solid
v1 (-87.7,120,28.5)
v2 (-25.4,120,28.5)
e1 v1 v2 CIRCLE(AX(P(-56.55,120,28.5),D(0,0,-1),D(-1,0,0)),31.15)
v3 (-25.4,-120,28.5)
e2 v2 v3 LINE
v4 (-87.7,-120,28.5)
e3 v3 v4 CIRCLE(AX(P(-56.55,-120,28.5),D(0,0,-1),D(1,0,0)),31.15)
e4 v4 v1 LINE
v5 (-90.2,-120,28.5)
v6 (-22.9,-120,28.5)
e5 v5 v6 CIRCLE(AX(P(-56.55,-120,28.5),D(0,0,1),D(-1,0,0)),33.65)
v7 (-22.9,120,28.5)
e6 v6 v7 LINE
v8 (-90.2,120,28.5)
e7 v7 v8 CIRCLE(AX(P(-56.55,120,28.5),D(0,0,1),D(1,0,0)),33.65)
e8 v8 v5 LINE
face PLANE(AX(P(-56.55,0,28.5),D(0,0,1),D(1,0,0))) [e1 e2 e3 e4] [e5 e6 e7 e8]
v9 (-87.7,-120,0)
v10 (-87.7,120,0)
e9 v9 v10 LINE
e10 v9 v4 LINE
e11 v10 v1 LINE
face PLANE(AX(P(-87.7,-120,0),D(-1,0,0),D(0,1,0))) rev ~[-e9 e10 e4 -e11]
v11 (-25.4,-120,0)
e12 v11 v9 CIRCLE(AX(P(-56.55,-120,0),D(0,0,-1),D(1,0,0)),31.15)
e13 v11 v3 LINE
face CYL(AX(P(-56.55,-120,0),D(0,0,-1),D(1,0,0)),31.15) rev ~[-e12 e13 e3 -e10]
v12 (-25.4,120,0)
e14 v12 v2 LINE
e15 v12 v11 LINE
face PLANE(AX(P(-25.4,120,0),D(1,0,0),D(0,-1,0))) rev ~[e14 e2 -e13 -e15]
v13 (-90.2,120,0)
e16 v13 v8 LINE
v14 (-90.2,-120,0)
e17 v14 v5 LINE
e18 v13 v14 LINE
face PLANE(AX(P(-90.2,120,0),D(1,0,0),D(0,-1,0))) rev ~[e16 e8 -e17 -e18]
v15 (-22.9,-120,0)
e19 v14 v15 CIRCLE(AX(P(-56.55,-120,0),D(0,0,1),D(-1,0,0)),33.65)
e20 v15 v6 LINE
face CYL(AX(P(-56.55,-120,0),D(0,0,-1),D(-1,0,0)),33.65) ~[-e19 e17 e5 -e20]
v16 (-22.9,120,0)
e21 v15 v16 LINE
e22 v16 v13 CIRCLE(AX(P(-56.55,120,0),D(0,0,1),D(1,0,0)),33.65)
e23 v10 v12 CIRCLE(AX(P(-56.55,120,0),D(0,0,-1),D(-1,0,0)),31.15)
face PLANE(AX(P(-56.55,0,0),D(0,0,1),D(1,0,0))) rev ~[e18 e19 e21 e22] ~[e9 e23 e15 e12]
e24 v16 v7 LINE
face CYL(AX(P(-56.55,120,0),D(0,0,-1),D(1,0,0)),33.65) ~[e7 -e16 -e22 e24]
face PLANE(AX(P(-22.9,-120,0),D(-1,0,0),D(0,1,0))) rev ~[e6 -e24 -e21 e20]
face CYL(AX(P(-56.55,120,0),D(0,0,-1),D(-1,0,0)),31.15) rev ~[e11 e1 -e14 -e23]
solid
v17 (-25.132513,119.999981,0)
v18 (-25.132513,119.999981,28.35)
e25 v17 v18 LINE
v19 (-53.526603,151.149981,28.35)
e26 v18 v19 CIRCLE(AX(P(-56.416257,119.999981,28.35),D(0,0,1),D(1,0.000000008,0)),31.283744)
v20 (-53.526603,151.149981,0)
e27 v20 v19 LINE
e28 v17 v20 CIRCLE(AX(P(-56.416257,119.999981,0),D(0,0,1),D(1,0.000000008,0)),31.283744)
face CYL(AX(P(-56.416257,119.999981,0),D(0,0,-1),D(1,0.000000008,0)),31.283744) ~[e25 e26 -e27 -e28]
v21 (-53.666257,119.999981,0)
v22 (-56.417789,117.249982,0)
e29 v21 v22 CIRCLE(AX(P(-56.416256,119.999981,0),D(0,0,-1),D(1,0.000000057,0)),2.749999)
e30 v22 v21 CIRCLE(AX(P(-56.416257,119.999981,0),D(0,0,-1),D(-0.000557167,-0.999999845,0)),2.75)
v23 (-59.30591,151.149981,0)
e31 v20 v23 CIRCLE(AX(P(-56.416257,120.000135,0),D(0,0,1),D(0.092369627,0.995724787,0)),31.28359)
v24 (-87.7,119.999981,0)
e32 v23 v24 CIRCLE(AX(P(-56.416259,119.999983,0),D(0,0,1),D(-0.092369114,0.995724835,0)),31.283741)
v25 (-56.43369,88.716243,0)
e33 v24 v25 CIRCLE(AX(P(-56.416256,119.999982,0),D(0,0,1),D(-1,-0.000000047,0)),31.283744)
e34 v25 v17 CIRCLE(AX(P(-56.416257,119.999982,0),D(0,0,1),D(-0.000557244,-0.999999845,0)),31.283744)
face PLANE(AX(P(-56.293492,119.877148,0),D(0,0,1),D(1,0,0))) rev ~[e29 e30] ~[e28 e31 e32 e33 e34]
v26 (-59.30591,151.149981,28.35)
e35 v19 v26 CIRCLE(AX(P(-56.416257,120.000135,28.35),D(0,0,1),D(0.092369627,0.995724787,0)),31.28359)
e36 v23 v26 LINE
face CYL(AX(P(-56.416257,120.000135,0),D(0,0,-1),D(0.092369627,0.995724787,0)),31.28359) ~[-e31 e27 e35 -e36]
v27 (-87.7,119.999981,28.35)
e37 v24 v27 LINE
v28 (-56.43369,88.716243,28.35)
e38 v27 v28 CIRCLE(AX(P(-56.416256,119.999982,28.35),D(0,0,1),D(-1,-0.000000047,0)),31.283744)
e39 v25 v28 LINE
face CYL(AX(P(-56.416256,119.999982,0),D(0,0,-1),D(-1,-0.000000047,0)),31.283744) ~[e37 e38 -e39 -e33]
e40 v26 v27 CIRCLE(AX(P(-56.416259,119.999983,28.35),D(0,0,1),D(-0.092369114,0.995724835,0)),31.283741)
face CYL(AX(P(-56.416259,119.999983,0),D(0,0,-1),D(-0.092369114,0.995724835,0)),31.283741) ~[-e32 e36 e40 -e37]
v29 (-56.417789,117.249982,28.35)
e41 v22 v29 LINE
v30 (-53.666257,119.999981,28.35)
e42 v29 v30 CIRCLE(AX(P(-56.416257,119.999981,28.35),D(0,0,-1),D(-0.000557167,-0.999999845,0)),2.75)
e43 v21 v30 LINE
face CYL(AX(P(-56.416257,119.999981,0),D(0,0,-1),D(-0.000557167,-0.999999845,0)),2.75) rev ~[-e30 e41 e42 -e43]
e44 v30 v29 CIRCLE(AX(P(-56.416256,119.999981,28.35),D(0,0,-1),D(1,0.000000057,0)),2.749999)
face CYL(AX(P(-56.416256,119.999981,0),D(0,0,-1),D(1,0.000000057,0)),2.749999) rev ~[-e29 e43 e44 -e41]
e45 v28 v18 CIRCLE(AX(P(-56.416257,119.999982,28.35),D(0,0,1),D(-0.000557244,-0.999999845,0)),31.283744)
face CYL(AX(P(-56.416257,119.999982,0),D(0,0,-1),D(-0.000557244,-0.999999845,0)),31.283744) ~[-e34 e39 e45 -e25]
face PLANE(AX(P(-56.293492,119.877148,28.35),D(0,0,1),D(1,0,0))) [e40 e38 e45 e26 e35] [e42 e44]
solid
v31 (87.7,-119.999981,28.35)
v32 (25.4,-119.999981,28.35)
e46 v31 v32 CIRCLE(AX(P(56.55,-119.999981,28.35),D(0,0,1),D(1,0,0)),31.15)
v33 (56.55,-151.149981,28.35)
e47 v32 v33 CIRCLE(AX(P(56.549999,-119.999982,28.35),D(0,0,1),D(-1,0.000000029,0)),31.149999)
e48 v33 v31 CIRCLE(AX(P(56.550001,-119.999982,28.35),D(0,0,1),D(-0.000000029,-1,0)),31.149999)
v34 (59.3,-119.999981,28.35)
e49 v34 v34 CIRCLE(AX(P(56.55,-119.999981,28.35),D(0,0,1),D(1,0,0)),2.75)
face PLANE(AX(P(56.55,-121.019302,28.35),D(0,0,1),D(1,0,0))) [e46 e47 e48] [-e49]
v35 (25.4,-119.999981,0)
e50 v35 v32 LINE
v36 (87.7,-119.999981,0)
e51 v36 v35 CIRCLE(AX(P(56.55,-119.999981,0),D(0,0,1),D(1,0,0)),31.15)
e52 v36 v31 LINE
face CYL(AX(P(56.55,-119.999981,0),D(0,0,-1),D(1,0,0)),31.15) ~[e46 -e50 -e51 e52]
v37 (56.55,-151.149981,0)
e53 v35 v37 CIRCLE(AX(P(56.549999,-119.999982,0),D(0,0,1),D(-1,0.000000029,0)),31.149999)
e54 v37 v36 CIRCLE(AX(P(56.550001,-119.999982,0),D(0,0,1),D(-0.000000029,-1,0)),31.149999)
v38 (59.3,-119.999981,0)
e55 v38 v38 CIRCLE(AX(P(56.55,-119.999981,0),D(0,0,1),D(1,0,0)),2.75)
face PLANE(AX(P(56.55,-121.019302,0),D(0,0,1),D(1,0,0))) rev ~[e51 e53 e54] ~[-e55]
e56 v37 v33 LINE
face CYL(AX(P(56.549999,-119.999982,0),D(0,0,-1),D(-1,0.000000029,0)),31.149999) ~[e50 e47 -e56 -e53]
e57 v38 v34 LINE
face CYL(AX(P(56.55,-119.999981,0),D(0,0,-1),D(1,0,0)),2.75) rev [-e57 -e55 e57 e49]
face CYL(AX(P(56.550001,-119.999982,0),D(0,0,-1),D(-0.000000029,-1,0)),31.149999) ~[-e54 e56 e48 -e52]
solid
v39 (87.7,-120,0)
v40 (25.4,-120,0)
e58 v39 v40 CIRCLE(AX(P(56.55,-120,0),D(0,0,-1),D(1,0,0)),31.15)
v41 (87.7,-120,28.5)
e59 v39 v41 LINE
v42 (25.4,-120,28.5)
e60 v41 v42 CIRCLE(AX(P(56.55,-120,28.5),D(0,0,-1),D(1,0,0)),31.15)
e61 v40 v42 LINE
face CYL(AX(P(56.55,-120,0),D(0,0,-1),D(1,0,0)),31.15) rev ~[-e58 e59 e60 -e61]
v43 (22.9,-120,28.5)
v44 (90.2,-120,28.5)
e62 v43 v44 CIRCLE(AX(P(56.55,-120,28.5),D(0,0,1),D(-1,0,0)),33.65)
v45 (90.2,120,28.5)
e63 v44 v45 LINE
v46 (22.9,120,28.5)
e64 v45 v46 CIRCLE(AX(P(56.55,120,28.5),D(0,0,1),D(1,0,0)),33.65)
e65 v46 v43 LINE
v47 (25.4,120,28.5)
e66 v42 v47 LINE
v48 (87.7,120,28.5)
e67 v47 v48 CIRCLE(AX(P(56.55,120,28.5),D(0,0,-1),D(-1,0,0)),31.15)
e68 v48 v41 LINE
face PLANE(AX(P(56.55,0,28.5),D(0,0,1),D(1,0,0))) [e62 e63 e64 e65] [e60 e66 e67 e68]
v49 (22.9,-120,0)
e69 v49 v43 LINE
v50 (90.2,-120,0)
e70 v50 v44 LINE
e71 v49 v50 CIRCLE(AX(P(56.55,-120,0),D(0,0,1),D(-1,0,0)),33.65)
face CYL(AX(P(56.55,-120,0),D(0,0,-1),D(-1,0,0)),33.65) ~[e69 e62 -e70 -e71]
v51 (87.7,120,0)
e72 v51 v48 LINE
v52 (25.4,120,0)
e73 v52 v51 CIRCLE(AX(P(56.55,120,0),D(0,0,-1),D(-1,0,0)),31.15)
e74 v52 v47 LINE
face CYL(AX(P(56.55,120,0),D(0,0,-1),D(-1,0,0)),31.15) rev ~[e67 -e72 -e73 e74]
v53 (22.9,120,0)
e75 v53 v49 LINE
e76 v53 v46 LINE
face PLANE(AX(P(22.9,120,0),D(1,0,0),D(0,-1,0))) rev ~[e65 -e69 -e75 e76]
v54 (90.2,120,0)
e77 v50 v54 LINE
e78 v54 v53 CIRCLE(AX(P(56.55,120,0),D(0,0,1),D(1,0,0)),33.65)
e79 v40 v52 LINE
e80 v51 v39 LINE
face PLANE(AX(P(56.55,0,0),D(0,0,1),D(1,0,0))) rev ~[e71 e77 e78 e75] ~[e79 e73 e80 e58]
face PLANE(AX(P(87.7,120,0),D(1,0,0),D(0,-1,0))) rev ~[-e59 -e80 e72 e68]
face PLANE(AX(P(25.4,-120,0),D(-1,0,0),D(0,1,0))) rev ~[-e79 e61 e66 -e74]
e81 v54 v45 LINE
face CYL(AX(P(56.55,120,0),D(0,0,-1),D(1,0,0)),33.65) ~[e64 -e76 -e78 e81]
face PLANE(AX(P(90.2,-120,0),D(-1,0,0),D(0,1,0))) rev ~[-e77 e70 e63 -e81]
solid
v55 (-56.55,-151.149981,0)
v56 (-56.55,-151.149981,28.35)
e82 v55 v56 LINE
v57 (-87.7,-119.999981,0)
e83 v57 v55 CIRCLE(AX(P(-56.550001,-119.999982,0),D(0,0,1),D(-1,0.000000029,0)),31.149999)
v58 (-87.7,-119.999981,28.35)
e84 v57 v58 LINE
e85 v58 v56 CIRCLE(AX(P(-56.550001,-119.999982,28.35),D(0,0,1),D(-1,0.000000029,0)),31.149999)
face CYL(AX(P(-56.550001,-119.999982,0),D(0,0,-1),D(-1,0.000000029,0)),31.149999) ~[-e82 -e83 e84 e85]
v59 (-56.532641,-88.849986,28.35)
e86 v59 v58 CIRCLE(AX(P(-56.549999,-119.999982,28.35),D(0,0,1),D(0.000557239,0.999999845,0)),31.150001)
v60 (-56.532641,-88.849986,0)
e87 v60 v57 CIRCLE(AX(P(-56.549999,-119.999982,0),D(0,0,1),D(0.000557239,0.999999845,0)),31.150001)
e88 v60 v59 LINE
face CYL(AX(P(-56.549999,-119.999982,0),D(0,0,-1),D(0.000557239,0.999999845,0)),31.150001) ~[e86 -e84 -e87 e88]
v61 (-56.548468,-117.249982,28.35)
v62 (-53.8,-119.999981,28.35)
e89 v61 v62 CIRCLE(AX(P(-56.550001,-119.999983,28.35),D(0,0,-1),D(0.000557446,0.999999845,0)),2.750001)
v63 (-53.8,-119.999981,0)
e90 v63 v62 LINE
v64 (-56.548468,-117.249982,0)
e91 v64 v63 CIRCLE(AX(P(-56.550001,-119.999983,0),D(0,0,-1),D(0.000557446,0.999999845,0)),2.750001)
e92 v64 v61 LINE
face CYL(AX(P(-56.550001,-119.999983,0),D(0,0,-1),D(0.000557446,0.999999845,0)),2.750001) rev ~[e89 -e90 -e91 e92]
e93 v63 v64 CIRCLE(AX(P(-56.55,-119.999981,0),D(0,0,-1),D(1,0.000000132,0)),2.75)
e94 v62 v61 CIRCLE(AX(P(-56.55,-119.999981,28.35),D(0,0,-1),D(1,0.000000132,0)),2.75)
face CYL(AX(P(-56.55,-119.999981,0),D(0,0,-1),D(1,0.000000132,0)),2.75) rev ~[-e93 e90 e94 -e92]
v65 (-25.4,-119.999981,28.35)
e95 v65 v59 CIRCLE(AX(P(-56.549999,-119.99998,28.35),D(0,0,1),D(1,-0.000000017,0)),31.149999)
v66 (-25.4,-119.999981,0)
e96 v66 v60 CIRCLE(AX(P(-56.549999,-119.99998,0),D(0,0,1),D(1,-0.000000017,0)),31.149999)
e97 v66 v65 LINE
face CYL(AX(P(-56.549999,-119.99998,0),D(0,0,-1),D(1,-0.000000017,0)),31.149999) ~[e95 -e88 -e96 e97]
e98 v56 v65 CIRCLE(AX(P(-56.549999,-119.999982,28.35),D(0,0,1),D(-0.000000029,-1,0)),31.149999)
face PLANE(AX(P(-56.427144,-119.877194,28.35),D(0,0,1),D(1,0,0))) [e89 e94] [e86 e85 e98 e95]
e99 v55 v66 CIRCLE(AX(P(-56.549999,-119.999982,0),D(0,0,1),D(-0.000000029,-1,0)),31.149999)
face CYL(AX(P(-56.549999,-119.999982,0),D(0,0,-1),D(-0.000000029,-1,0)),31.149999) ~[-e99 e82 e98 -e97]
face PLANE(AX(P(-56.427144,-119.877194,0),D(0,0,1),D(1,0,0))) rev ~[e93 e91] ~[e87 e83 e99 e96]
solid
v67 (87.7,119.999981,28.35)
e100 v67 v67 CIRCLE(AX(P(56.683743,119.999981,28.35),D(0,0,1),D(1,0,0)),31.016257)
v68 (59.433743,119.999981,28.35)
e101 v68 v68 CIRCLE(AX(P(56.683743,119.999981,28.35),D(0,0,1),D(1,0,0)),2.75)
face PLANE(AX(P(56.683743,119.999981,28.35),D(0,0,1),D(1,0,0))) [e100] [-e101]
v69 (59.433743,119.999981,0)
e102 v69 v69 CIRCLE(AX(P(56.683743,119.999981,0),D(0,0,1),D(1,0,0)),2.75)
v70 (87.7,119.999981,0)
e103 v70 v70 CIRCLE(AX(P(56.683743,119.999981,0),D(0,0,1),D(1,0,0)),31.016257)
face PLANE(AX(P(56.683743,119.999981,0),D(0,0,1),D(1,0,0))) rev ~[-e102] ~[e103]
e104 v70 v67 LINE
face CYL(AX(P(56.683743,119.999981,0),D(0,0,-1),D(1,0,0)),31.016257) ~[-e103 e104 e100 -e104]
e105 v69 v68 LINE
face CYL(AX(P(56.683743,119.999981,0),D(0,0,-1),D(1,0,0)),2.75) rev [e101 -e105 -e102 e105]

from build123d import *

# Parameters (mm, degrees)
F0_R     = 31.016257
F0_R_2   = 2.75
F1_DEPTH = 28.35
F3_DEPTH = 28.5


with BuildPart() as f1:
    # F0 (on Top) → F1 (new body)
    with BuildSketch(Plane.XY):
        with BuildLine():
            ThreePointArc((-53.666257, 119.999981), (-58.360258, 121.945067), (-56.417789, 117.249982))
            ThreePointArc((-56.417789, 117.249982), (-54.472255, 118.054896), (-53.666257, 119.999981))
        make_face()
        with BuildLine():
            ThreePointArc((-56.43369, 88.716243), (-34.301474, 97.872872), (-25.132513, 119.999981))
            ThreePointArc((-25.132513, 119.999981), (-33.296225, 141.074533), (-53.526603, 151.149981))
            Line((-53.526603, 151.149981), (-59.30591, 151.149981))
            ThreePointArc((-59.30591, 151.149981), (-79.536289, 141.074533), (-87.7, 119.999981))
            ThreePointArc((-87.7, 119.999981), (-78.543366, 97.885199), (-56.43369, 88.716243))
        make_face()
        with BuildLine():
            ThreePointArc((-53.666257, 119.999981), (-54.472255, 118.054896), (-56.417789, 117.249982))
            ThreePointArc((-56.417789, 117.249982), (-58.360258, 121.945067), (-53.666257, 119.999981))
        make_face(mode=Mode.SUBTRACT)
        with Locations((56.683743, 119.999981)):
            Circle(F0_R)
        with Locations((56.683743, 119.999981)):
            Circle(F0_R_2, mode=Mode.SUBTRACT)
        with BuildLine():
            ThreePointArc((87.7, -119.999981), (56.55, -88.849981), (25.4, -119.999981))
            ThreePointArc((25.4, -119.999981), (34.523624, -142.026358), (56.55, -151.149981))
            ThreePointArc((56.55, -151.149981), (78.576376, -142.026358), (87.7, -119.999981))
        make_face()
        with Locations((56.55, -119.999981)):
            Circle(F0_R_2, mode=Mode.SUBTRACT)
        with BuildLine():
            ThreePointArc((-53.8, -119.999981), (-54.604915, -118.05598), (-56.548468, -117.249982))
            ThreePointArc((-56.548468, -117.249982), (-58.495085, -121.943983), (-53.8, -119.999981))
        make_face()
        with BuildLine():
            ThreePointArc((-25.4, -119.999981), (-34.517487, -97.979743), (-56.532641, -88.849986))
            ThreePointArc((-56.532641, -88.849986), (-78.570238, -97.967469), (-87.7, -119.999981))
            ThreePointArc((-87.7, -119.999981), (-78.576376, -142.026358), (-56.55, -151.149981))
            ThreePointArc((-56.55, -151.149981), (-34.523624, -142.026358), (-25.4, -119.999981))
        make_face()
        with BuildLine():
            ThreePointArc((-53.8, -119.999981), (-58.495085, -121.943983), (-56.548468, -117.249982))
            ThreePointArc((-56.548468, -117.249982), (-54.604915, -118.05598), (-53.8, -119.999981))
        make_face(mode=Mode.SUBTRACT)
        with BuildLine():
            Line((-59.30591, 151.149981), (-53.526603, 151.149981))
            ThreePointArc((-53.526603, 151.149981), (-56.416257, 151.283725), (-59.30591, 151.149981))
        make_face()
    extrude(amount=F1_DEPTH)


with BuildPart() as f3:
    # F2 (on Top) → F3 (new body)
    with BuildSketch(Plane.XY):
        with BuildLine():
            Line((-25.4, -120), (-25.4, 120))
            ThreePointArc((-25.4, 120), (-56.55, 151.15), (-87.7, 120))
            Line((-87.7, 120), (-87.7, -120))
            ThreePointArc((-87.7, -120), (-56.55, -151.15), (-25.4, -120))
        make_face()
        with BuildLine():
            Line((-22.9, -120), (-22.9, 120))
            ThreePointArc((-22.9, 120), (-56.55, 153.65), (-90.2, 120))
            Line((-90.2, 120), (-90.2, -120))
            ThreePointArc((-90.2, -120), (-56.55, -153.65), (-22.9, -120))
        make_face()
        with BuildLine():
            ThreePointArc((-87.7, 120), (-56.55, 151.15), (-25.4, 120))
            Line((-25.4, 120), (-25.4, -120))
            ThreePointArc((-25.4, -120), (-56.55, -151.15), (-87.7, -120))
            Line((-87.7, -120), (-87.7, 120))
        make_face(mode=Mode.SUBTRACT)
        with BuildLine():
            ThreePointArc((87.7, 120), (56.55, 151.15), (25.4, 120))
            Line((25.4, 120), (25.4, -120))
            ThreePointArc((25.4, -120), (56.55, -151.15), (87.7, -120))
            Line((87.7, -120), (87.7, 120))
        make_face()
        with BuildLine():
            ThreePointArc((90.2, 120), (56.55, 153.65), (22.9, 120))
            Line((22.9, 120), (22.9, -120))
            ThreePointArc((22.9, -120), (56.55, -153.65), (90.2, -120))
            Line((90.2, -120), (90.2, 120))
        make_face()
        with BuildLine():
            Line((25.4, -120), (25.4, 120))
            ThreePointArc((25.4, 120), (56.55, 151.15), (87.7, 120))
            Line((87.7, 120), (87.7, -120))
            ThreePointArc((87.7, -120), (56.55, -151.15), (25.4, -120))
        make_face(mode=Mode.SUBTRACT)
    extrude(amount=F3_DEPTH)


solid = Compound([f1.part, f3.part])
